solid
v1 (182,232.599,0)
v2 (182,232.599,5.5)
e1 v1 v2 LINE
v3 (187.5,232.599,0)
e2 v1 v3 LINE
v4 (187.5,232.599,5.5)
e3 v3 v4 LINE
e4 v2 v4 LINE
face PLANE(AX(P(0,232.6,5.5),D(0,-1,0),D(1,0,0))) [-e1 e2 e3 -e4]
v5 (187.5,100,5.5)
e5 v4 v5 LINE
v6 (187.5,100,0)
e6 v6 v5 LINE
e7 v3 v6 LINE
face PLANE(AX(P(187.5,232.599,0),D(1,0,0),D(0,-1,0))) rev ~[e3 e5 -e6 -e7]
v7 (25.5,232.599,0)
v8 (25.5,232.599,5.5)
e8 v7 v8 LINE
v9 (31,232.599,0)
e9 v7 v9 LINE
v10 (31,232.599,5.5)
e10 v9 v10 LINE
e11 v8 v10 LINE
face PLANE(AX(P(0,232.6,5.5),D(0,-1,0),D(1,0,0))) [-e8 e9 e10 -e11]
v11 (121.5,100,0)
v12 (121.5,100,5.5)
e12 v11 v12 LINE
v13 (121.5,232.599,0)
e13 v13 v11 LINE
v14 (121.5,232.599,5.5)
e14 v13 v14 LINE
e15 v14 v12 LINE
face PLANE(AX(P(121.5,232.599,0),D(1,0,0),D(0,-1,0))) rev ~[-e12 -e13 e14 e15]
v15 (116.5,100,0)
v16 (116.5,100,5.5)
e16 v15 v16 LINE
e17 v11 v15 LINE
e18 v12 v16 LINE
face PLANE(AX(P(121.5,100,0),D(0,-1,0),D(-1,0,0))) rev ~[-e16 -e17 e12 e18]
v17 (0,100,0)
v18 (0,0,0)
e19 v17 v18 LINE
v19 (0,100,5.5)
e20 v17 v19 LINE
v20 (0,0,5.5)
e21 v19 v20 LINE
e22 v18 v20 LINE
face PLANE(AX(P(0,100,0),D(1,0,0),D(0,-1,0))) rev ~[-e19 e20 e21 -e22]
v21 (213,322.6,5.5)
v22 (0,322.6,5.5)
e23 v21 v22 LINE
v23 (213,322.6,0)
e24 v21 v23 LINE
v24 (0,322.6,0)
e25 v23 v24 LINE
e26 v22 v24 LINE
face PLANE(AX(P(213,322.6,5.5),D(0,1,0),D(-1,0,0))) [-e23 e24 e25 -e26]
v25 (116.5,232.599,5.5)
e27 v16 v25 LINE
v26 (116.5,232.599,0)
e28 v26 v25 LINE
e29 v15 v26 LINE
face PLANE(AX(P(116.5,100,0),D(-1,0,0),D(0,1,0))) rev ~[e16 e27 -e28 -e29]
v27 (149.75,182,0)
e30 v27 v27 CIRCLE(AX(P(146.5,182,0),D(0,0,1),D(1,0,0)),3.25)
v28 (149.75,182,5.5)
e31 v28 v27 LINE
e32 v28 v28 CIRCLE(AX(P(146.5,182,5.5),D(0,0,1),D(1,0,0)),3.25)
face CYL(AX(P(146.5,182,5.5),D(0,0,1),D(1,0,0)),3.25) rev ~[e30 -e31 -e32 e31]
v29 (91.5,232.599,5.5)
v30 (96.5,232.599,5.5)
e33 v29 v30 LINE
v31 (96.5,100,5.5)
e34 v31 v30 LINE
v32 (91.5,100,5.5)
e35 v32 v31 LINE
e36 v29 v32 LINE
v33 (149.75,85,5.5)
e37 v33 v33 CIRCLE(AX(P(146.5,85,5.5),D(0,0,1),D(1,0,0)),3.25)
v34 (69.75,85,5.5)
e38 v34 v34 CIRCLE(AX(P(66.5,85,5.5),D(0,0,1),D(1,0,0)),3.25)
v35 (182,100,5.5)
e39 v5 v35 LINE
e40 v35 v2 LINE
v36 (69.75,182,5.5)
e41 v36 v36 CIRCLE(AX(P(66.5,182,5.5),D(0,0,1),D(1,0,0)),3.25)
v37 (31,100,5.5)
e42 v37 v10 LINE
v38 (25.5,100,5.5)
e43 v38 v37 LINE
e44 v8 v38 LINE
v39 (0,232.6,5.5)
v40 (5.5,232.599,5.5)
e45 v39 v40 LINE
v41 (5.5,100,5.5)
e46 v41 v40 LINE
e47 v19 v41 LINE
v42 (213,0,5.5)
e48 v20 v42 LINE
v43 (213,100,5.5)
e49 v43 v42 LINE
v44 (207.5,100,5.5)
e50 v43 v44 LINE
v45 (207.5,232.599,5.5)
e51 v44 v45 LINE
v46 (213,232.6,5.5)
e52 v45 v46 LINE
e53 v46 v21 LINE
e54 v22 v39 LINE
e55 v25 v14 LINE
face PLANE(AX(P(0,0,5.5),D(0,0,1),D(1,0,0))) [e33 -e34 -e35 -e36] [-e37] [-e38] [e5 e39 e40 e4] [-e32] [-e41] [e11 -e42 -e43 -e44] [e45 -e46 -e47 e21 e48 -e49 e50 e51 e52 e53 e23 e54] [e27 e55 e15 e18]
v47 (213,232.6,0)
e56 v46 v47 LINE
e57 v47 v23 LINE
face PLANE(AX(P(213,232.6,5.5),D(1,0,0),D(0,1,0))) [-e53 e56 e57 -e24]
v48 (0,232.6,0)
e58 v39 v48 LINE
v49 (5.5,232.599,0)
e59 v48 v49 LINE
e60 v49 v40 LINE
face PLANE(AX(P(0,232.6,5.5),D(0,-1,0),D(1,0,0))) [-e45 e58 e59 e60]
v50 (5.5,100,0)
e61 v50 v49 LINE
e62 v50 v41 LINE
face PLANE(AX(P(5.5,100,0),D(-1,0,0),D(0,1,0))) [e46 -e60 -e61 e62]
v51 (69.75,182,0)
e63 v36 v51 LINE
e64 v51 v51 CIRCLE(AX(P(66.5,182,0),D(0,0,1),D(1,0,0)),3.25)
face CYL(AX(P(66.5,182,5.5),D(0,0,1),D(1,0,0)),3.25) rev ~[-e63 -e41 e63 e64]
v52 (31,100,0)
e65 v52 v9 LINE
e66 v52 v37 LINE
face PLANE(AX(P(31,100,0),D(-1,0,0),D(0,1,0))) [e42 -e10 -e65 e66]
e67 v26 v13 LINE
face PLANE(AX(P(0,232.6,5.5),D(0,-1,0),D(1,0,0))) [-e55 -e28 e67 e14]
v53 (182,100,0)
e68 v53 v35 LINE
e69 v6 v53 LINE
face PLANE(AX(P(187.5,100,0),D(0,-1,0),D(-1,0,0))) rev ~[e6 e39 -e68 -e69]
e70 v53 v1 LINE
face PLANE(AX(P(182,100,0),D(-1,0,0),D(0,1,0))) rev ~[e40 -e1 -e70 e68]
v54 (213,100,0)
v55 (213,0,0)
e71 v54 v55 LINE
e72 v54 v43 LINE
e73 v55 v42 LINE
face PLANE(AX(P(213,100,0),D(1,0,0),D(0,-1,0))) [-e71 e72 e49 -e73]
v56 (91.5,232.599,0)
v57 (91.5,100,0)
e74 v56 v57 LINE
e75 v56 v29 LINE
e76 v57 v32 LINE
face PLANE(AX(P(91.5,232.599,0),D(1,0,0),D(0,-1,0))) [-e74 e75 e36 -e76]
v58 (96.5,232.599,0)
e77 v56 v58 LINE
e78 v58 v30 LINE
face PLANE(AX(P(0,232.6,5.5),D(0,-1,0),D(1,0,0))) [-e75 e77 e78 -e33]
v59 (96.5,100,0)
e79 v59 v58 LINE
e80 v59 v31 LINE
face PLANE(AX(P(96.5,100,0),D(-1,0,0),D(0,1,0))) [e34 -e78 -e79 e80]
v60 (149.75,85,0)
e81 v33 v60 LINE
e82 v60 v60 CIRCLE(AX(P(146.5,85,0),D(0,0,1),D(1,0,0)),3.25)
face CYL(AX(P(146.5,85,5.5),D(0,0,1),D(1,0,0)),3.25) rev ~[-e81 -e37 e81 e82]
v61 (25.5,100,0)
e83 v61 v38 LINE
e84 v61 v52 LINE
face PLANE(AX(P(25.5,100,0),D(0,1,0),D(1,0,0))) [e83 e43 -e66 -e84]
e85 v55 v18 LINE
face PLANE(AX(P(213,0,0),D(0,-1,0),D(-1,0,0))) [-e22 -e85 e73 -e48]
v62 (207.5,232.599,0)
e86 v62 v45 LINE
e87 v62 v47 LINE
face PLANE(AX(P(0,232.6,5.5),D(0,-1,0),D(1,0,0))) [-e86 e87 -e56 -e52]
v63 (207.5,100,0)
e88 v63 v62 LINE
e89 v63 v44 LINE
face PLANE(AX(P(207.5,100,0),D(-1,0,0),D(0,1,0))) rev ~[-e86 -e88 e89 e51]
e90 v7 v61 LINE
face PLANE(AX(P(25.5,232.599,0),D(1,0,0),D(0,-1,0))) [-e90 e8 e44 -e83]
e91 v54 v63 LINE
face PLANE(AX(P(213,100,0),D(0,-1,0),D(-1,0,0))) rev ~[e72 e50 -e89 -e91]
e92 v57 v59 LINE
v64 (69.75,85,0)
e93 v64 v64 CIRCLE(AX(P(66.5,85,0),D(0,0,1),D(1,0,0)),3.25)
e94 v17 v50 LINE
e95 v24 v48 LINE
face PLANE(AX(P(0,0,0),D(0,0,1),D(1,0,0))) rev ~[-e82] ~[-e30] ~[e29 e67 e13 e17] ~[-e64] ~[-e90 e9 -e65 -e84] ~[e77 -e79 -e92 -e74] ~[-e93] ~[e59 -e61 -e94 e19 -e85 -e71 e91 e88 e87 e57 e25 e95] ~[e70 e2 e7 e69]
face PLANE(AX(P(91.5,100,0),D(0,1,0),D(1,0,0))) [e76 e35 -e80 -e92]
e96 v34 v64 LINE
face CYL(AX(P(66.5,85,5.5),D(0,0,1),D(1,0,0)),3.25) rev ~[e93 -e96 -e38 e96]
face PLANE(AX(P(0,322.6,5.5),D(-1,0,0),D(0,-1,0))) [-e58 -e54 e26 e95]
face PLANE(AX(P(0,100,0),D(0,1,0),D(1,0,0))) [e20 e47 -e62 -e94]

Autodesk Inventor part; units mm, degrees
ref_plane "YZ Plane" through (0, 0, 0) normal (1, 0, 0) x (0, 1, 0)
ref_plane "XZ Plane" through (0, 0, 0) normal (0, 1, 0) x (-1, 0, 0)
ref_plane "XY Plane" through (0, 0, 0) normal (0, 0, 1) x (1, 0, 0)
sketch "Sketch1" plane through (0, 0, 0) normal (0, 0, 1) x (1, 0, 0)
  line L0 (0, 0) -> (106.5, 0)
  line L1 (106.5, 0) -> (106.5, 232.6) construction
  line L2 (106.5, 232.6) -> (0, 232.6)
  line L3 (0, 232.6) -> (0, 0)
  line L4 (213, 0) -> (106.5, 0)
  line L5 (106.5, 232.6) -> (213, 232.6)
  line L6 (213, 232.6) -> (213, 0)
  line L7 (5.5, 100) -> (5.5, 232.599)
  line L8 (5.5, 232.599) -> (0, 232.599)
  line L9 (0, 232.599) -> (0, 100)
  line L10 (0, 100) -> (5.5, 100)
  line L11 (5.5, 100) -> (0, 232.599) construction
  line L12 (5.5, 232.599) -> (0, 100) construction
  line L13 (31, 100) -> (31, 232.599)
  line L14 (31, 232.599) -> (25.5, 232.599)
  line L15 (25.5, 232.599) -> (25.5, 100)
  line L16 (25.5, 100) -> (31, 100)
  line L17 (31, 100) -> (25.5, 232.599) construction
  line L18 (31, 232.599) -> (25.5, 100) construction
  line L19 (96.5, 100) -> (96.5, 232.599)
  line L20 (96.5, 232.599) -> (91.5, 232.599)
  line L21 (91.5, 232.599) -> (91.5, 100)
  line L22 (91.5, 100) -> (96.5, 100)
  line L23 (96.5, 100) -> (91.5, 232.599) construction
  line L24 (96.5, 232.599) -> (91.5, 100) construction
  line L25 (207.5, 100) -> (207.5, 232.599)
  line L26 (207.5, 232.599) -> (213, 232.599)
  line L27 (213, 232.599) -> (213, 100)
  line L28 (213, 100) -> (207.5, 100)
  line L29 (207.5, 100) -> (213, 232.599) construction
  line L30 (207.5, 232.599) -> (213, 100) construction
  line L31 (182, 100) -> (182, 232.599)
  line L32 (182, 232.599) -> (187.5, 232.599)
  line L33 (187.5, 232.599) -> (187.5, 100)
  line L34 (187.5, 100) -> (182, 100)
  line L35 (182, 100) -> (187.5, 232.599) construction
  line L36 (182, 232.599) -> (187.5, 100) construction
  line L37 (116.5, 100) -> (116.5, 232.599)
  line L38 (116.5, 232.599) -> (121.5, 232.599)
  line L39 (121.5, 232.599) -> (121.5, 100)
  line L40 (121.5, 100) -> (116.5, 100)
  line L41 (116.5, 100) -> (121.5, 232.599) construction
  line L42 (116.5, 232.599) -> (121.5, 100) construction
  line L43 (2.75, 166.2995) -> (94, 166.2995) construction
  point P0 (28.25, 166.2995)
  point P1 (210.25, 166.2995)
  point P2 (184.75, 166.2995)
  point P3 (119, 166.2995)
  point P4 (0, 100)
  point P5 (213, 100)
  point P6 (0, 232.599)
  dimension "d0" = 232.6
  dimension "d1" = 106.5
  dimension "d4" = 5.5
  dimension "d6" = 5.5
  dimension "d8" = 5
  dimension "d10" = 10
  dimension "d11" = 20
  dimension "d12" = 0
  dimension "d19" = 100
  dimension "d20" = 0.001
extrude "Extrusion1" add sketch "Sketch1" along normal blind 5.5 contours L3 L10 L7 L2 L15 L16 L13 L21 L22 L19 L5 L37 L40 L39 L31 L34 L33 L25 L28 L6 L4 L0
ref_plane "Work Plane3" through (61.25, 100, 0) normal (1, 0, 0) x (0, 0, -1)
sketch "Sketch2" plane through (0, 0, 5.5) normal (0, 0, 1) x (1, 0, 0)
  line L0 (0, 232.6) -> (213, 232.6)
  line L1 (213, 232.6) -> (213, 322.6)
  line L2 (213, 322.6) -> (0, 322.6)
  line L3 (0, 322.6) -> (0, 232.6)
  line L4 (213, 232.599) -> (213, 232.6) projected
  point P0 (0, 0)
  dimension "d15" = 90
extrude "Extrusion2" add sketch "Sketch2" against normal blind 5.5
sketch "Sketch3" plane through (0, 0, 5.5) normal (0, 0, 1) x (1, 0, 0)
  line L0 (213, 322.6) -> (0, 322.6) construction
  line L1 (31, 232.599) -> (31, 100) construction
  line L2 (91.5, 100) -> (91.5, 232.599) construction
  line L3 (121.5, 232.599) -> (121.5, 100) construction
  line L4 (31, 166.2995) -> (91.5, 166.2995) construction
  line L5 (91.5, 166.2995) -> (121.5, 166.2995) construction
  line L6 (106.5, 166.2995) -> (106.5, 322.6) construction
  circle A0 centre (66.5, 182) radius 3.25
  circle A1 centre (66.5, 85) radius 3.25
  circle A2 centre (146.5, 182) radius 3.25
  circle A3 centre (146.5, 85) radius 3.25
  line L7 (66.5, 85) -> (66.5, 182) construction
  line L8 (0, 0) -> (213, 0) projected
  dimension "d21" = 6.5
  dimension "d23" = 97
  dimension "d28" = 40
  dimension "d29" = 85
extrude "Extrusion3" cut sketch "Sketch3" against normal blind 10
ref_plane "Work Plane4" through (106.5, 100, 0) normal (1, 0, 0) x (0, 0, -1)
equation "\"d0\" = sidewallL + Uthick"
equation "\"d10\" = 0.5 * midbottomw"
equation "\"d11\" = lrbottomw"
equation "\"d19\" = Uthick"
equation "\"d15\" = wireL"
equation "\"d28\" = 0.5 * marshdistance"
equation "\"thick\" = 0.5"
equation "\"lrlr\" = 19"
equation "\"lrmid\" = 19.9"
equation "\"lrdepth\" = 3.3"
equation "\"mlr\" = 16.6"
equation "\"mmid\" = 24.7"
equation "\"mdepth\" = 4.5"
equation "\"lrltotal\" = 126.6"
equation "\"mltotal\" = 126.6"
equation "\"lrbetween\" = 52.1"
equation "\"mbetween\" = 49.5"
equation "\"toler\" = 1"
equation "\"lrbottomw\" = 20"
equation "\"tight\" = 0.08"
equation "\"stuckw\" = 6"
equation "\"sidewallL\" = 132.6"
equation "\"heaterH\" = 117.3"
equation "\"Uthick\" = 100"
equation "\"stickL\" = 3.5"
equation "\"wireH\" = 25"
equation "\"wireL\" = 90"
equation "\"midbottomw\" = 20"
equation "\"marshdistance\" = 80"
properties part number "deepest_layer"
